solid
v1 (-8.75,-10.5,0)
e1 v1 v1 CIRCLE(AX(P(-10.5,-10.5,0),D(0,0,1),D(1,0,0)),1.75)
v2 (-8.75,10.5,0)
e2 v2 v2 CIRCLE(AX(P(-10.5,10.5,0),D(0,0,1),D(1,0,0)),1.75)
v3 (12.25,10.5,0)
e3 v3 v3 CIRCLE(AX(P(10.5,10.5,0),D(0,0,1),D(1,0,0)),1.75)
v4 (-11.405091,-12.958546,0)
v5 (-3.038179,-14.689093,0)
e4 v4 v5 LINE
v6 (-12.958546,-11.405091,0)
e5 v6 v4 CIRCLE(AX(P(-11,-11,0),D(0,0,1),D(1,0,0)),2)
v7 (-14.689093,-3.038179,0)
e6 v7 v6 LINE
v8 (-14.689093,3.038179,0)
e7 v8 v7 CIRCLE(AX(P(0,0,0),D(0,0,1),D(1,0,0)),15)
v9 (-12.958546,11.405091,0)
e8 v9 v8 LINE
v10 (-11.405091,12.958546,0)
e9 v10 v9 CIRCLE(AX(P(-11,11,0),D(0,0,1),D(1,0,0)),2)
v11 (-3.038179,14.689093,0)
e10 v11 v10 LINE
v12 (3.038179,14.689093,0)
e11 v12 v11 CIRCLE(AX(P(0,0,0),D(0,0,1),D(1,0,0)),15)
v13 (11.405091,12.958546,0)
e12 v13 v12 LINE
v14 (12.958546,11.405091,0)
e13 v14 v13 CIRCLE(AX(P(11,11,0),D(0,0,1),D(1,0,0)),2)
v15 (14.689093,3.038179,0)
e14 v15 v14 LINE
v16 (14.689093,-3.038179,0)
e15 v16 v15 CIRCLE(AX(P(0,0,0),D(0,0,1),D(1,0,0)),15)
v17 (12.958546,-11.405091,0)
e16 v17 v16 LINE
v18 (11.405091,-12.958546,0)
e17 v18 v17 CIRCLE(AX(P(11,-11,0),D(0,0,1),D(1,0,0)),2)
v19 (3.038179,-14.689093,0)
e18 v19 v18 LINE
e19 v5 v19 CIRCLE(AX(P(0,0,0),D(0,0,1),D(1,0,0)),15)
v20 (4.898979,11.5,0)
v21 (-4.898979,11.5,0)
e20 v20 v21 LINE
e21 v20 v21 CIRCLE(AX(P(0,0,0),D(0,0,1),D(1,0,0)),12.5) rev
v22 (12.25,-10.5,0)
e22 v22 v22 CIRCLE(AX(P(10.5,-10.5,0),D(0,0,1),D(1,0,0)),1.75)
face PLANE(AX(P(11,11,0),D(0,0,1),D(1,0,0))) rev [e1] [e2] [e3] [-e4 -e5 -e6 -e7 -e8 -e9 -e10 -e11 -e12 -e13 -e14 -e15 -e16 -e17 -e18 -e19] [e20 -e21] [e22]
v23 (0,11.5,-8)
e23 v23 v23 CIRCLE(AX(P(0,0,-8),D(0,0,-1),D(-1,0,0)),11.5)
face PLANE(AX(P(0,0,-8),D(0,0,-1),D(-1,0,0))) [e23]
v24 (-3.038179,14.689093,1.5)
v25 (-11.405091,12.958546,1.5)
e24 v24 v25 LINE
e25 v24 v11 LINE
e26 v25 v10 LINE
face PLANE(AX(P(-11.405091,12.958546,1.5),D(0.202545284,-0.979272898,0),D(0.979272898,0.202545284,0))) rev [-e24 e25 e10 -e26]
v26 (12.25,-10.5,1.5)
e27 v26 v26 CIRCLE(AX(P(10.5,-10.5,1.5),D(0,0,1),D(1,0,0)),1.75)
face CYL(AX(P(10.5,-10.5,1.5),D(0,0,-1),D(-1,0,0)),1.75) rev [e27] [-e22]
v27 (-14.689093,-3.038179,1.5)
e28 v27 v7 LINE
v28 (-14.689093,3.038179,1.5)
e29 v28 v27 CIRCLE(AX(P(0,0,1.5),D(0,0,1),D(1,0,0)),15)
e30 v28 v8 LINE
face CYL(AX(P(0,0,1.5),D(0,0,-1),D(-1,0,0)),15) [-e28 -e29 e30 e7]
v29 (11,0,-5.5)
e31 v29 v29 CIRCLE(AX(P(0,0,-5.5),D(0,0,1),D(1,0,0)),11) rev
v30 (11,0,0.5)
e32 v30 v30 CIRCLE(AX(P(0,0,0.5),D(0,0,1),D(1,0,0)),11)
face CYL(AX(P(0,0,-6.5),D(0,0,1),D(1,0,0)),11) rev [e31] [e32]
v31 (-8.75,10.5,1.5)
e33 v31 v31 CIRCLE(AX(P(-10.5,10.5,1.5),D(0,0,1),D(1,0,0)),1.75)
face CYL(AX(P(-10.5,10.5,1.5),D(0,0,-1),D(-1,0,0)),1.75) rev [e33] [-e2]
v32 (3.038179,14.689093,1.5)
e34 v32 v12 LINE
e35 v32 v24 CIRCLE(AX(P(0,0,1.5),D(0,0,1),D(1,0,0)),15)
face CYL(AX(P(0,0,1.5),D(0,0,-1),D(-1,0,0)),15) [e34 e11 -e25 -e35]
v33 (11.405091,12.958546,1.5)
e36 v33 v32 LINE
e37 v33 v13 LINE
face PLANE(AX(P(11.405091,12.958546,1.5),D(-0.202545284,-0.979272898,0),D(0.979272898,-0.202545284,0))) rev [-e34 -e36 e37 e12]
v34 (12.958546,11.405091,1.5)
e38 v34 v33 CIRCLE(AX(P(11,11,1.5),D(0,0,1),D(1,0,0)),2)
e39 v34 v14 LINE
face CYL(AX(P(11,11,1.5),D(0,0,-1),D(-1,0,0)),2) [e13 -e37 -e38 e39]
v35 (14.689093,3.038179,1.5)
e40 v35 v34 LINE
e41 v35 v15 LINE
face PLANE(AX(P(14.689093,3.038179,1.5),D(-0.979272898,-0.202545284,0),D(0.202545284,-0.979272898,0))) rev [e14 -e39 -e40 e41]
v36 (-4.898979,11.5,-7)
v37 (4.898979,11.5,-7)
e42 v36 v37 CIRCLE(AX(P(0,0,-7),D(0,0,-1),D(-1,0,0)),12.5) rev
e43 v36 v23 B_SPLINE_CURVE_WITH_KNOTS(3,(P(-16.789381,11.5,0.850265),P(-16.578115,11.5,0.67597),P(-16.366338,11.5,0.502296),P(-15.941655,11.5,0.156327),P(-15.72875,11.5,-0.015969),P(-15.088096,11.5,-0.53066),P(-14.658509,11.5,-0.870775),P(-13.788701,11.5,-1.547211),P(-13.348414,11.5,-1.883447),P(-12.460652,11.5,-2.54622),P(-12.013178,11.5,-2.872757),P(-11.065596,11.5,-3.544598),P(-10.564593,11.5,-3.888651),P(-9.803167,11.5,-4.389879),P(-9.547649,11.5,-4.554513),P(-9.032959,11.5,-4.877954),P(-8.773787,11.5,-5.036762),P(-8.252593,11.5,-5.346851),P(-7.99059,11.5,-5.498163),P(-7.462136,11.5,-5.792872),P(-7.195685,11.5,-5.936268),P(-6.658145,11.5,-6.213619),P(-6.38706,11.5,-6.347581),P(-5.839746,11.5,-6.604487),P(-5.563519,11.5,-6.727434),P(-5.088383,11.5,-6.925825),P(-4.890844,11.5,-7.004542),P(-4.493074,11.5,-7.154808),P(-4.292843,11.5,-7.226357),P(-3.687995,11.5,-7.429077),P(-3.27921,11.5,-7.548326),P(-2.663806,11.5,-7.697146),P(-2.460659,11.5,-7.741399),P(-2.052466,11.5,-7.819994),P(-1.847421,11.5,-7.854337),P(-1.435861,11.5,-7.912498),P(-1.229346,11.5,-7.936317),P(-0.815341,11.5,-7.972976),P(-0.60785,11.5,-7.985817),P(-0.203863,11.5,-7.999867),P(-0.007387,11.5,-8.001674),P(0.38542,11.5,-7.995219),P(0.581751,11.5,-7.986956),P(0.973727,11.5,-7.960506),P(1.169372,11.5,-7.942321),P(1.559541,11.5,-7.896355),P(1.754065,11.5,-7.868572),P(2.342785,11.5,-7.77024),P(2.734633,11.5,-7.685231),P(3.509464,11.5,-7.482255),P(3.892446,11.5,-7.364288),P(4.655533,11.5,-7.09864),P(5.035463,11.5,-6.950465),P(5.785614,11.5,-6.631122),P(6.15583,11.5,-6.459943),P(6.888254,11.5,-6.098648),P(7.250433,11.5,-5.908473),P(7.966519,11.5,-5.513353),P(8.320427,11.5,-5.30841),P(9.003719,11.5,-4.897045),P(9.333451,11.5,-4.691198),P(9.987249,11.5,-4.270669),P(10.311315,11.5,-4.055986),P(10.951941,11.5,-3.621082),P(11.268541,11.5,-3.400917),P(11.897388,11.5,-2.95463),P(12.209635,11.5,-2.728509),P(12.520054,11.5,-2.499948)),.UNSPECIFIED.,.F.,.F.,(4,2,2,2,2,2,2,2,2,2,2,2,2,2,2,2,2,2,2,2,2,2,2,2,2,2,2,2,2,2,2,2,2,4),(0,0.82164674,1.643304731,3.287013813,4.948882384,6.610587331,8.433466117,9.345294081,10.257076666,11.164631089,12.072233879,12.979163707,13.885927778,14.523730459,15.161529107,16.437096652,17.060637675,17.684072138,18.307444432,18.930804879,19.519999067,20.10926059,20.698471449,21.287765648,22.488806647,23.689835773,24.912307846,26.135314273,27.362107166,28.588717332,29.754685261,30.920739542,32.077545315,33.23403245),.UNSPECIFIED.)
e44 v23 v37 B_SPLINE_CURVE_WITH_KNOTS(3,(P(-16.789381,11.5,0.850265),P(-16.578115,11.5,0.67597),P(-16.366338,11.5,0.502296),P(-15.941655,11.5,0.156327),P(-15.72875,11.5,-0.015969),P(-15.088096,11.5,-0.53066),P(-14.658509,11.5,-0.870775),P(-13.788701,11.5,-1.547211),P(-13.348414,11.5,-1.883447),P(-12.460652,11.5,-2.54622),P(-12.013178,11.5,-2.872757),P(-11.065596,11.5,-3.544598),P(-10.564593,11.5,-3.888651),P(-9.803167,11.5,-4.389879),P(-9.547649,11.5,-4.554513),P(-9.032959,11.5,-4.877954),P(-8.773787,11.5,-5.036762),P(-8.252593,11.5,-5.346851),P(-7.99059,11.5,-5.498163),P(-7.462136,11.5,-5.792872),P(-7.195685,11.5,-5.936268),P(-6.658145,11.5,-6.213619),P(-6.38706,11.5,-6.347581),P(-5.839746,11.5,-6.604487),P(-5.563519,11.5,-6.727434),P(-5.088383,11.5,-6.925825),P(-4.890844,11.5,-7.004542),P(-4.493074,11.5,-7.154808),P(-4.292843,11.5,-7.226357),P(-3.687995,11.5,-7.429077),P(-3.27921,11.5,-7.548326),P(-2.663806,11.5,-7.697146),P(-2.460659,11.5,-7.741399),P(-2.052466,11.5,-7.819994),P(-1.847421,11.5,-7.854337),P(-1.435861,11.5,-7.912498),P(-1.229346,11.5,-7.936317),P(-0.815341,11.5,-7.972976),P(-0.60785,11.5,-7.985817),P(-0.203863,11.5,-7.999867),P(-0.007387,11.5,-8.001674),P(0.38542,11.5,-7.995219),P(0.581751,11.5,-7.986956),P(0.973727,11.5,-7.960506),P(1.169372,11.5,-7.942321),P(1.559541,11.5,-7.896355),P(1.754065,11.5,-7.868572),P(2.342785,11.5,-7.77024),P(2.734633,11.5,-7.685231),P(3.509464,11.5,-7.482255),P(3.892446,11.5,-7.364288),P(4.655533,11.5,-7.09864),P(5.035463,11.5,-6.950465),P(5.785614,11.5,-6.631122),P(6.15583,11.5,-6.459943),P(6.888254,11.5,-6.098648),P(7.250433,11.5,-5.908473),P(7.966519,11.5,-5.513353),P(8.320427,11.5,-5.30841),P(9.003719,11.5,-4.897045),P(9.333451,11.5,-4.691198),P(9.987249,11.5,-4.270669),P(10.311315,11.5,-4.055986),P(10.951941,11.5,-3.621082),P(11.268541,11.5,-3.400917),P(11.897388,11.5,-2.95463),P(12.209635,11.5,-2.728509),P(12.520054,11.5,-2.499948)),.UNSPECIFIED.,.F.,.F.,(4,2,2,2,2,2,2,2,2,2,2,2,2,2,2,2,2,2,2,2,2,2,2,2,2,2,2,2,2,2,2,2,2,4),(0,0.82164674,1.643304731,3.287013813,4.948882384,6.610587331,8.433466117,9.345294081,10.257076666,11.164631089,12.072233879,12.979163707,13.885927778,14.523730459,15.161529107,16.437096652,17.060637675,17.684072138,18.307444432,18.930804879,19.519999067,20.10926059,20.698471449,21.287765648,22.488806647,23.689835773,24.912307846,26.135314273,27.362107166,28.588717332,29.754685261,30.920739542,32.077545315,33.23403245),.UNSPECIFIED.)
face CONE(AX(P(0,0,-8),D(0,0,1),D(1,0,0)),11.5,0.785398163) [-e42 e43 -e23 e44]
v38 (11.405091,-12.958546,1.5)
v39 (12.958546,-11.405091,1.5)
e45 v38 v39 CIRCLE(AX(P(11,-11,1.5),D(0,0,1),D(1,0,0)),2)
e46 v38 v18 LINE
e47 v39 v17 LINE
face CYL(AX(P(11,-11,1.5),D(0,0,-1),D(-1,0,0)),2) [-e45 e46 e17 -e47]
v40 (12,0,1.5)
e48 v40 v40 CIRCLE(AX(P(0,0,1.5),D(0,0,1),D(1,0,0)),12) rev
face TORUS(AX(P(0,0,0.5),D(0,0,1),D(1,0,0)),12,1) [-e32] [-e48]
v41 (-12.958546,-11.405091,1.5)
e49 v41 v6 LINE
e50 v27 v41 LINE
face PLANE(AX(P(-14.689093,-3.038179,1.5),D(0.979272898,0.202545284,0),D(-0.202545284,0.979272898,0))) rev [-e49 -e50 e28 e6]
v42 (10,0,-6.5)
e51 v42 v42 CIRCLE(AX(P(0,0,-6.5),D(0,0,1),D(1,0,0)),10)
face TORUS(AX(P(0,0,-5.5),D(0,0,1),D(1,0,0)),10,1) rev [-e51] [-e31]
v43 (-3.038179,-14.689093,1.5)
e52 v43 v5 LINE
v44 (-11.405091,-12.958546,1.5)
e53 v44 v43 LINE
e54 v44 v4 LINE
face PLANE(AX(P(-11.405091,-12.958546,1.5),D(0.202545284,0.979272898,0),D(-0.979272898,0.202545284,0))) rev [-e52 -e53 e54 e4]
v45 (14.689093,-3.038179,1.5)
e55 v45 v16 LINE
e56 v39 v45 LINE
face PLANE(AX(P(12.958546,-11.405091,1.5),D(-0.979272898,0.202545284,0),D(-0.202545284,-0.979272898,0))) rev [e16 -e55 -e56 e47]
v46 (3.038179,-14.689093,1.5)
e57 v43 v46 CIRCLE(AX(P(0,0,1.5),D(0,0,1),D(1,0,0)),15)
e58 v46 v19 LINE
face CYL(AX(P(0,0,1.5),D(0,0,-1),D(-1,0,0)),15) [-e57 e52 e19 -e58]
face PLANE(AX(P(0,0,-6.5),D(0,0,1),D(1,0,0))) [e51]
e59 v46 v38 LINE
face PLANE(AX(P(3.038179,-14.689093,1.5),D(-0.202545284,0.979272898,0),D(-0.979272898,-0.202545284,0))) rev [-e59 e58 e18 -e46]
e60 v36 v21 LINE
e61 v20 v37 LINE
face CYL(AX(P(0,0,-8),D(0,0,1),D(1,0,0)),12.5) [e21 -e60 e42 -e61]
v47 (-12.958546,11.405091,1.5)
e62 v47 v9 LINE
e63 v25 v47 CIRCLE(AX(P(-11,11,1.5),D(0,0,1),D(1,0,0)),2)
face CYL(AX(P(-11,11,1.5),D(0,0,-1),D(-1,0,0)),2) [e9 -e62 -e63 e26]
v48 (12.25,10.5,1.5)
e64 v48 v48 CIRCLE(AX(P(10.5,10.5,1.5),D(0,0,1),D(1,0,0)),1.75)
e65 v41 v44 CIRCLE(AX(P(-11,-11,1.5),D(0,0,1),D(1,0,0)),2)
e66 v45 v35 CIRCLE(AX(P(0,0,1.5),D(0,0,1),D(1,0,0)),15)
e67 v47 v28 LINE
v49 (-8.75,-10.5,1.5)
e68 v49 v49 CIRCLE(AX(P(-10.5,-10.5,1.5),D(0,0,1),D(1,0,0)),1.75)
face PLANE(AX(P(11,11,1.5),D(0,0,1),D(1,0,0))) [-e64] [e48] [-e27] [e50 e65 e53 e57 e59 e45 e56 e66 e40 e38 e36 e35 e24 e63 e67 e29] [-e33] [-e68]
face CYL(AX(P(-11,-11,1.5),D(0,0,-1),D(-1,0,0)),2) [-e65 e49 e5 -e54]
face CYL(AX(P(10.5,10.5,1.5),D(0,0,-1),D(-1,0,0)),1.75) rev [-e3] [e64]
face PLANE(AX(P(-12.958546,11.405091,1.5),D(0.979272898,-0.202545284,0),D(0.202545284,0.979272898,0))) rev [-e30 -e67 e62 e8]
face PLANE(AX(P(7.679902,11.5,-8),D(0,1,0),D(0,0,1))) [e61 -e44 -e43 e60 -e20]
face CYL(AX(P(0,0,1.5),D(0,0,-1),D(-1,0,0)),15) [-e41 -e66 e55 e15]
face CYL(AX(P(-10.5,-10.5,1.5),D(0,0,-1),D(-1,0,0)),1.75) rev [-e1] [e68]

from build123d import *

# Parameters (mm, degrees)
ESQUISSE1_R             = 1.75
BASE_EXTRUSION_DEPTH    = 1.5
ESQUISSE2_R             = 12.5
BOSS_EXTRU_1_DEPTH      = 8
CHANFREIN1_SIZE         = 1
ESQUISSE3_R             = 11
ENL_V_MAT_EXTRU_1_DEPTH = 8
CONG_1_R                = 1
ESQUISSE4_W             = 15.143469624
ESQUISSE4_H             = 5.581450233
ENL_V_MAT_EXTRU_3_DEPTH = 8


with BuildPart() as part:
    # Esquisse1 → Base-Extrusion (new body)
    with BuildSketch(Plane.XY):
        with BuildLine():
            Line((-11.405090569, -12.958545795), (-3.038179265, -14.689093463))
            ThreePointArc((-3.038179265, -14.689093463), (0, -15), (3.038179265, -14.689093463))
            Line((3.038179265, -14.689093463), (11.405090569, -12.958545795))
            ThreePointArc((11.405090569, -12.958545795), (12.414213562, -12.414213562), (12.958545795, -11.405090569))
            Line((12.958545795, -11.405090569), (14.689093463, -3.038179265))
            ThreePointArc((14.689093463, -3.038179265), (15, 0), (14.689093463, 3.038179265))
            Line((14.689093463, 3.038179265), (12.958545795, 11.405090569))
            ThreePointArc((12.958545795, 11.405090569), (12.414213562, 12.414213562), (11.405090569, 12.958545795))
            Line((11.405090569, 12.958545795), (3.038179265, 14.689093463))
            ThreePointArc((3.038179265, 14.689093463), (0, 15), (-3.038179265, 14.689093463))
            Line((-3.038179265, 14.689093463), (-11.405090569, 12.958545795))
            ThreePointArc((-11.405090569, 12.958545795), (-12.414213562, 12.414213562), (-12.958545795, 11.405090569))
            Line((-12.958545795, 11.405090569), (-14.689093463, 3.038179265))
            ThreePointArc((-14.689093463, 3.038179265), (-15, 0), (-14.689093463, -3.038179265))
            Line((-14.689093463, -3.038179265), (-12.958545795, -11.405090569))
            ThreePointArc((-12.958545795, -11.405090569), (-12.414213562, -12.414213562), (-11.405090569, -12.958545795))
        make_face()
        with Locations((-10.5, 10.5)):
            Circle(ESQUISSE1_R, mode=Mode.SUBTRACT)
        with Locations((10.5, 10.5)):
            Circle(ESQUISSE1_R, mode=Mode.SUBTRACT)
        with Locations((-10.5, -10.5)):
            Circle(ESQUISSE1_R, mode=Mode.SUBTRACT)
        with Locations((10.5, -10.5)):
            Circle(ESQUISSE1_R, mode=Mode.SUBTRACT)
    extrude(amount=BASE_EXTRUSION_DEPTH)

    # Esquisse2 → Boss.-Extru.1 (add)
    with BuildSketch(Plane(origin=(0, 0, 0), x_dir=(-1, 0, 0), z_dir=(0, 0, -1))):
        with Locations(Location((0, 0, 0), (0, 0, 180))):
            Circle(ESQUISSE2_R)
    extrude(amount=BOSS_EXTRU_1_DEPTH)

    # Chanfrein1
    chanfrein1_edges = [part.edges().sort_by_distance(p)[0] for p in [
        (-12.5, 0, -8),
    ]]
    chamfer(chanfrein1_edges, length=CHANFREIN1_SIZE)

    # Esquisse3 → Enlèv. mat.-Extru.1 (cut)
    with BuildSketch(Plane.XY.offset(1.5)):
        Circle(ESQUISSE3_R)
    extrude(amount=-ENL_V_MAT_EXTRU_1_DEPTH, mode=Mode.SUBTRACT)

    # Congé1
    cong_1_edges = [part.edges().sort_by_distance(p)[0] for p in [
        (-11, 0, -6.5),
        (-11, 0, 1.5),
    ]]
    fillet(cong_1_edges, radius=CONG_1_R)

    # Esquisse4 → Enlèv. mat.-Extru.3 (cut)
    with BuildSketch(Plane(origin=(0, 0, 0), x_dir=(-1, 0, 0), z_dir=(0, 0, -1))):
        with Locations((-0.10816764, 14.290725117)):
            Rectangle(ESQUISSE4_W, ESQUISSE4_H)
    extrude(amount=ENL_V_MAT_EXTRU_3_DEPTH, mode=Mode.SUBTRACT)


solid = part.part
